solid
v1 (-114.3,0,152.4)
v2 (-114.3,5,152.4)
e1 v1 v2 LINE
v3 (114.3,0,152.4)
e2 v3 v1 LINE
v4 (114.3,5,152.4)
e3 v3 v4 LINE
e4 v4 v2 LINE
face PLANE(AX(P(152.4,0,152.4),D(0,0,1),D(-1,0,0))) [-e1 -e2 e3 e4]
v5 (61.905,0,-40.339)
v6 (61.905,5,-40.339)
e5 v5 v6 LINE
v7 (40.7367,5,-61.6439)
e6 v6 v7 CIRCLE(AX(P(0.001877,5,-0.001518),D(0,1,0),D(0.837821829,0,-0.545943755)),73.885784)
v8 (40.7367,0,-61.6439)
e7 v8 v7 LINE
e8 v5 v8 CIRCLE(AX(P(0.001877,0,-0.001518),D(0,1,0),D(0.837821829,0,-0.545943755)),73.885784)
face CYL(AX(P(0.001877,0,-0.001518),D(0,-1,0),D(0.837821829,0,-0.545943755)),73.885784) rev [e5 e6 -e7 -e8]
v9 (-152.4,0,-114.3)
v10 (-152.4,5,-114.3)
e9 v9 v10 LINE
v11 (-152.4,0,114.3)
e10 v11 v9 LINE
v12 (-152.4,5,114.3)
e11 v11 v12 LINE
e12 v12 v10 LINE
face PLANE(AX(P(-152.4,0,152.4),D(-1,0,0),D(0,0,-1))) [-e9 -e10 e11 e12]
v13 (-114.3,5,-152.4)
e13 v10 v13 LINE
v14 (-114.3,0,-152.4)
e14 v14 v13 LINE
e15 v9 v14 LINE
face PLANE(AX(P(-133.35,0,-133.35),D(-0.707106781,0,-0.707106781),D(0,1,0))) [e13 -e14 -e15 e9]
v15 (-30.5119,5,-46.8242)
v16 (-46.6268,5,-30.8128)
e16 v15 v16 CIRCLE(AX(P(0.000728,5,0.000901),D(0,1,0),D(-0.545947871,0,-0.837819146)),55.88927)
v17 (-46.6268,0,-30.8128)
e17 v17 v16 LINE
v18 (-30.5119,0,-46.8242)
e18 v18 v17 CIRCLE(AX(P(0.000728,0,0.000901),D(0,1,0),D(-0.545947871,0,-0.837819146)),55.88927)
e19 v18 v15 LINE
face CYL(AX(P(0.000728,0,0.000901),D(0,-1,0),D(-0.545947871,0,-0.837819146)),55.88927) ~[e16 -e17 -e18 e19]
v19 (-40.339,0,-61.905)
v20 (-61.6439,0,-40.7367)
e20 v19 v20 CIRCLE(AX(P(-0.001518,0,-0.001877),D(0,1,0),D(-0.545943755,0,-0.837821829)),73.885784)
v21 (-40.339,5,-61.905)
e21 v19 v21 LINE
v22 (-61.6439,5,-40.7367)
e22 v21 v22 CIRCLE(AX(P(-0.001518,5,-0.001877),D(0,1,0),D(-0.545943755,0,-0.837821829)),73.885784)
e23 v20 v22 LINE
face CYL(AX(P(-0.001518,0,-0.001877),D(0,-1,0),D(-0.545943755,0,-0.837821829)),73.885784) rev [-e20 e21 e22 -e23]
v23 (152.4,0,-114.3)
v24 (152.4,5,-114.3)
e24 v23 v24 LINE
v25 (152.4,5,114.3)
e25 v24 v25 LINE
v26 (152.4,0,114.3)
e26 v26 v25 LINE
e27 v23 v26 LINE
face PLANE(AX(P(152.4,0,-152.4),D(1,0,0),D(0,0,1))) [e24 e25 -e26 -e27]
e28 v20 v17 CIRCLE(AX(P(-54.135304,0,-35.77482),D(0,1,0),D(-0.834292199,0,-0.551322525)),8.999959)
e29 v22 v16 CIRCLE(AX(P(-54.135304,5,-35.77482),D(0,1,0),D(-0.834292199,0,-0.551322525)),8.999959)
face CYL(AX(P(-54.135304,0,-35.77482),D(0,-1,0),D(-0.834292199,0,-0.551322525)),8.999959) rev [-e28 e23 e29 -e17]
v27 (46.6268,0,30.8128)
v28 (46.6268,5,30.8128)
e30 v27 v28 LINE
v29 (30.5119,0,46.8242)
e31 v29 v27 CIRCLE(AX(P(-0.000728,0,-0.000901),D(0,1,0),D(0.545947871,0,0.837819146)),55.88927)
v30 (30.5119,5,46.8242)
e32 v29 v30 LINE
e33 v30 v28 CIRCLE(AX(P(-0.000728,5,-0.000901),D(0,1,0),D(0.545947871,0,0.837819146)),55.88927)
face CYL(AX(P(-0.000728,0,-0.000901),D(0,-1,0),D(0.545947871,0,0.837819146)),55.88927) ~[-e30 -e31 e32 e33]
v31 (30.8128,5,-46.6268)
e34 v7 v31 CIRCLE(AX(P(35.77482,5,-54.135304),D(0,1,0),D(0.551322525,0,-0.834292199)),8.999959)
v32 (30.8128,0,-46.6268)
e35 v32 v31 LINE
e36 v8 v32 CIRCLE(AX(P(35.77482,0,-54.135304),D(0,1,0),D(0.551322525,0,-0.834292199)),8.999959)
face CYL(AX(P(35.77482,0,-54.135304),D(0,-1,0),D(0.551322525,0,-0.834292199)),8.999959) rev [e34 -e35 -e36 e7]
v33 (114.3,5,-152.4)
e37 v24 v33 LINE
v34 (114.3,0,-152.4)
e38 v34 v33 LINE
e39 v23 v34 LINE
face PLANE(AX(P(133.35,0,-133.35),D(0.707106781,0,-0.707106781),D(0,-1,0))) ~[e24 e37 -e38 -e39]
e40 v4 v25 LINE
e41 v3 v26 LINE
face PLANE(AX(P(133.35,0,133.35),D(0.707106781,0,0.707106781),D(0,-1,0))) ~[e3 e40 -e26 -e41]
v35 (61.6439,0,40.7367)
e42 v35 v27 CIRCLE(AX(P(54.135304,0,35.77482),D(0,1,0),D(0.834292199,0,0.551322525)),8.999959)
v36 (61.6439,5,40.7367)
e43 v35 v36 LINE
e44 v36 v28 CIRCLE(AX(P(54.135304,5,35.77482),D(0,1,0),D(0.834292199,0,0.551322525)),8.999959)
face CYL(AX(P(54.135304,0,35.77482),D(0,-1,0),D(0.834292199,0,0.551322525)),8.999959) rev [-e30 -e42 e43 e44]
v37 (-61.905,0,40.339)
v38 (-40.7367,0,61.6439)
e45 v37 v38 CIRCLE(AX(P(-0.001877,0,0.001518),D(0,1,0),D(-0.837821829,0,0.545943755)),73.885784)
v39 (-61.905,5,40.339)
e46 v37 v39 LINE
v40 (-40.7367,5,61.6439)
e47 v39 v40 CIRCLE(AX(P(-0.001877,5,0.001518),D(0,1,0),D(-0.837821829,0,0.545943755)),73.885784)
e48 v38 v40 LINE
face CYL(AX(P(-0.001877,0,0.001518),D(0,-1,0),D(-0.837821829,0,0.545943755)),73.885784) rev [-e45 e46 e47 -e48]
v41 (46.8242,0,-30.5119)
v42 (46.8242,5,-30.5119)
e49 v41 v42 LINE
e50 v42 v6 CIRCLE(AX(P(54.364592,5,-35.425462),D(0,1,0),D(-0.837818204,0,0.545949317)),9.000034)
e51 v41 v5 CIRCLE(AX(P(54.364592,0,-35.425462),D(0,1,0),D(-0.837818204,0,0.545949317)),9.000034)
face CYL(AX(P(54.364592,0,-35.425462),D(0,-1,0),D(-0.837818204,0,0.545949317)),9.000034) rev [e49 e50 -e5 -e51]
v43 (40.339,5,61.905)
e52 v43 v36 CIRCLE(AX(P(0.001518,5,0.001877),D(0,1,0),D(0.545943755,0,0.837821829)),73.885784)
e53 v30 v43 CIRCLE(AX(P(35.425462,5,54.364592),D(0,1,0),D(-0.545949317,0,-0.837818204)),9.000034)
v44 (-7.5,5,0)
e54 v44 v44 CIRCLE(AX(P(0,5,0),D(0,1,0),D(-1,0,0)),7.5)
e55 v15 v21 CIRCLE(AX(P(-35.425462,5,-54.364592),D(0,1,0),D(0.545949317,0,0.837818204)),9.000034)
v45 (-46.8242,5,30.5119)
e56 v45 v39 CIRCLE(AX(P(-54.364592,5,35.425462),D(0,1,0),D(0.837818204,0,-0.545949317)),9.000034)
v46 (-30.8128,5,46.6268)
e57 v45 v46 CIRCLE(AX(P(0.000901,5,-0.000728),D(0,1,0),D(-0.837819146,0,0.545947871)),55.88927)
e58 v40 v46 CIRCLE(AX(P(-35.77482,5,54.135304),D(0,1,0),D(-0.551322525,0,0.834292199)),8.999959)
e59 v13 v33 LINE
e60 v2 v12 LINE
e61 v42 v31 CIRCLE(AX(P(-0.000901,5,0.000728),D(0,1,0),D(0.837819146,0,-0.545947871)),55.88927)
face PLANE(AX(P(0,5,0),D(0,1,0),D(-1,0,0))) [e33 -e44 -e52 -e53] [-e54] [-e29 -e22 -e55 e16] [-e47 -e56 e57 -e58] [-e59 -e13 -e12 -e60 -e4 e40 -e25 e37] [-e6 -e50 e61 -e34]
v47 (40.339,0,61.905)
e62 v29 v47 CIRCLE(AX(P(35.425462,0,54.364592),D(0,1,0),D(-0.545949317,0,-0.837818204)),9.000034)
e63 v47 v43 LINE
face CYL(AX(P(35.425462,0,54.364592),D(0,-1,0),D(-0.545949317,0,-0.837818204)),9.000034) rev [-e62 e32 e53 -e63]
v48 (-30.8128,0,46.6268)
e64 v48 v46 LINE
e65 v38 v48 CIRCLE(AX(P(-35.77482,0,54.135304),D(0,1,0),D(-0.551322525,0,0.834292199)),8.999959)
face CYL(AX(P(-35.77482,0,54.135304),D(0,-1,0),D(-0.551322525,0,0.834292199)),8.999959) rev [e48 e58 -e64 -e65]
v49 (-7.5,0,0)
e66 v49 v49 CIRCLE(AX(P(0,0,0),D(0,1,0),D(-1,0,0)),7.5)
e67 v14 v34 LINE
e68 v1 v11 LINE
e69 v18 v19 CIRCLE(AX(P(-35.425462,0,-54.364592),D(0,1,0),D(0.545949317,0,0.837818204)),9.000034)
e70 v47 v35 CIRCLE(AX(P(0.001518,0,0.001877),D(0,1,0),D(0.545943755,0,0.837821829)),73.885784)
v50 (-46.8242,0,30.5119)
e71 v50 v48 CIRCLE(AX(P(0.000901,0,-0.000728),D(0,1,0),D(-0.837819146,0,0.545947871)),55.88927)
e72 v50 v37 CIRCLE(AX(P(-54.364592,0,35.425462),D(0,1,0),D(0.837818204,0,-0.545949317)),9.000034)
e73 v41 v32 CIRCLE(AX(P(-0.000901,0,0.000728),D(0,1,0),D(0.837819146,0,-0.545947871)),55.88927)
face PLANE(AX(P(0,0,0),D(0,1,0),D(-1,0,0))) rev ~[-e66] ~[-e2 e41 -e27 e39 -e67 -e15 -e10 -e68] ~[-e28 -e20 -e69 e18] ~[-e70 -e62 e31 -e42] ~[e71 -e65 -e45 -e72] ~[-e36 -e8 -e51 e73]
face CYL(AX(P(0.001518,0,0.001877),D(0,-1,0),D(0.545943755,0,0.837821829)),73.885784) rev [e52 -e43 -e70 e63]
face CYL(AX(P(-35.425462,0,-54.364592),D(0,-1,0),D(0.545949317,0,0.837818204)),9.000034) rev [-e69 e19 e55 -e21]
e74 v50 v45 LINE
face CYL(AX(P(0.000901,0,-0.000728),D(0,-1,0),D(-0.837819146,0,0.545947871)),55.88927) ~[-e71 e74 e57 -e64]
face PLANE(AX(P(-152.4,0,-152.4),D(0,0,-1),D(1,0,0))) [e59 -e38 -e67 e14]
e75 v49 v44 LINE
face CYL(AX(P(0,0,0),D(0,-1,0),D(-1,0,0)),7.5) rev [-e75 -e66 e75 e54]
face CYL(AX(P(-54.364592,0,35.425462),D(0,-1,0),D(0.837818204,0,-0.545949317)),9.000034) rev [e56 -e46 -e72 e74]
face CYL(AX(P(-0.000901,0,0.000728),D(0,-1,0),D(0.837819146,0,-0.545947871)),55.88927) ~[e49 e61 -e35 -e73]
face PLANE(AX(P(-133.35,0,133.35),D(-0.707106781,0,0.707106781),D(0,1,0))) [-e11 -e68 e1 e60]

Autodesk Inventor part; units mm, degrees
ref_plane "YZ Plane" through (0, 0, 0) normal (1, 0, 0) x (0, 1, 0)
ref_plane "XZ Plane" through (0, 0, 0) normal (0, 1, 0) x (-1, 0, 0)
ref_plane "XY Plane" through (0, 0, 0) normal (0, 0, 1) x (1, 0, 0)
sketch "Sketch1" plane through (0, 0, 0) normal (0, 1, 0) x (-1, 0, 0)
  line L0 (-152.4, 152.4) -> (152.4, 152.4)
  line L1 (152.4, 152.4) -> (152.4, -152.4)
  line L2 (152.4, -152.4) -> (-152.4, -152.4)
  line L3 (-152.4, -152.4) -> (-152.4, 152.4)
  line L4 (-152.4, 152.4) -> (152.4, -152.4) construction
  line L5 (152.4, 152.4) -> (-152.4, -152.4) construction
  line L6 (0, -35) -> (-30.3109, -17.5)
  line L7 (-30.3109, -17.5) -> (-30.3109, 17.5)
  line L8 (-30.3109, 17.5) -> (0, 35)
  line L9 (0, 35) -> (30.3109, 17.5)
  line L10 (30.3109, 17.5) -> (30.3109, -17.5)
  line L11 (30.3109, -17.5) -> (0, -35)
  arc A0 (54.3646, 35.4255) -> (35.7748, 54.1354) centre (0, 0) ccw construction
  arc A1 (61.905, 40.339) -> (40.7367, 61.6439) centre (0, 0) ccw
  arc A2 (46.8242, 30.5119) -> (30.8128, 46.6268) centre (0, 0) ccw
  arc A3 (46.8242, 30.5119) -> (61.905, 40.339) centre (54.3646, 35.4255) ccw
  arc A4 (40.7367, 61.6439) -> (30.8128, 46.6268) centre (35.7748, 54.1354) ccw
  arc A5 (-61.6439, 40.7367) -> (-46.6268, 30.8128) centre (-54.1354, 35.7748) ccw
  arc A6 (-30.5119, 46.8242) -> (-46.6268, 30.8128) centre (0, 0) ccw
  arc A7 (-40.339, 61.905) -> (-61.6439, 40.7367) centre (0, 0) ccw
  arc A8 (-30.5119, 46.8242) -> (-40.339, 61.905) centre (-35.4255, 54.3646) ccw
  arc A9 (-40.7367, -61.6439) -> (-30.8128, -46.6268) centre (-35.7748, -54.1354) ccw
  arc A10 (-46.8242, -30.5119) -> (-30.8128, -46.6268) centre (0, 0) ccw
  arc A11 (-61.905, -40.339) -> (-40.7367, -61.6439) centre (0, 0) ccw
  arc A12 (-46.8242, -30.5119) -> (-61.905, -40.339) centre (-54.3646, -35.4255) ccw
  arc A13 (61.6439, -40.7367) -> (46.6268, -30.8128) centre (54.1354, -35.7748) ccw
  arc A14 (30.5119, -46.8242) -> (46.6268, -30.8128) centre (0, 0) ccw
  arc A15 (40.339, -61.905) -> (61.6439, -40.7367) centre (0, 0) ccw
  arc A16 (30.5119, -46.8242) -> (40.339, -61.905) centre (35.4255, -54.3646) ccw
  circle A17 centre (0, 0) radius 7.5
  dimension "d1" = 304.8
  dimension "d2" = 304.8
  dimension "d5" = 35
  dimension "d11" = 360
  dimension "d13" = 18
  dimension "d14" = 15
extrude "Extrusion1" add sketch "Sketch1" along normal blind 5 contours L0 L1 L2 L3 | L6 L7 L8 L9 L10 L11
chamfer "Chamfer1" distance 38.1 angle 45 4 edges at (152.4, 2.5, -152.4) (-152.4, 2.5, -152.4) (-152.4, 2.5, 152.4) (152.4, 2.5, 152.4)
ref_plane "Work Plane1" through (0, 0, -17.5) normal (1, 0, 0) x (0, 0, -1)
properties part number "bottom plate"
